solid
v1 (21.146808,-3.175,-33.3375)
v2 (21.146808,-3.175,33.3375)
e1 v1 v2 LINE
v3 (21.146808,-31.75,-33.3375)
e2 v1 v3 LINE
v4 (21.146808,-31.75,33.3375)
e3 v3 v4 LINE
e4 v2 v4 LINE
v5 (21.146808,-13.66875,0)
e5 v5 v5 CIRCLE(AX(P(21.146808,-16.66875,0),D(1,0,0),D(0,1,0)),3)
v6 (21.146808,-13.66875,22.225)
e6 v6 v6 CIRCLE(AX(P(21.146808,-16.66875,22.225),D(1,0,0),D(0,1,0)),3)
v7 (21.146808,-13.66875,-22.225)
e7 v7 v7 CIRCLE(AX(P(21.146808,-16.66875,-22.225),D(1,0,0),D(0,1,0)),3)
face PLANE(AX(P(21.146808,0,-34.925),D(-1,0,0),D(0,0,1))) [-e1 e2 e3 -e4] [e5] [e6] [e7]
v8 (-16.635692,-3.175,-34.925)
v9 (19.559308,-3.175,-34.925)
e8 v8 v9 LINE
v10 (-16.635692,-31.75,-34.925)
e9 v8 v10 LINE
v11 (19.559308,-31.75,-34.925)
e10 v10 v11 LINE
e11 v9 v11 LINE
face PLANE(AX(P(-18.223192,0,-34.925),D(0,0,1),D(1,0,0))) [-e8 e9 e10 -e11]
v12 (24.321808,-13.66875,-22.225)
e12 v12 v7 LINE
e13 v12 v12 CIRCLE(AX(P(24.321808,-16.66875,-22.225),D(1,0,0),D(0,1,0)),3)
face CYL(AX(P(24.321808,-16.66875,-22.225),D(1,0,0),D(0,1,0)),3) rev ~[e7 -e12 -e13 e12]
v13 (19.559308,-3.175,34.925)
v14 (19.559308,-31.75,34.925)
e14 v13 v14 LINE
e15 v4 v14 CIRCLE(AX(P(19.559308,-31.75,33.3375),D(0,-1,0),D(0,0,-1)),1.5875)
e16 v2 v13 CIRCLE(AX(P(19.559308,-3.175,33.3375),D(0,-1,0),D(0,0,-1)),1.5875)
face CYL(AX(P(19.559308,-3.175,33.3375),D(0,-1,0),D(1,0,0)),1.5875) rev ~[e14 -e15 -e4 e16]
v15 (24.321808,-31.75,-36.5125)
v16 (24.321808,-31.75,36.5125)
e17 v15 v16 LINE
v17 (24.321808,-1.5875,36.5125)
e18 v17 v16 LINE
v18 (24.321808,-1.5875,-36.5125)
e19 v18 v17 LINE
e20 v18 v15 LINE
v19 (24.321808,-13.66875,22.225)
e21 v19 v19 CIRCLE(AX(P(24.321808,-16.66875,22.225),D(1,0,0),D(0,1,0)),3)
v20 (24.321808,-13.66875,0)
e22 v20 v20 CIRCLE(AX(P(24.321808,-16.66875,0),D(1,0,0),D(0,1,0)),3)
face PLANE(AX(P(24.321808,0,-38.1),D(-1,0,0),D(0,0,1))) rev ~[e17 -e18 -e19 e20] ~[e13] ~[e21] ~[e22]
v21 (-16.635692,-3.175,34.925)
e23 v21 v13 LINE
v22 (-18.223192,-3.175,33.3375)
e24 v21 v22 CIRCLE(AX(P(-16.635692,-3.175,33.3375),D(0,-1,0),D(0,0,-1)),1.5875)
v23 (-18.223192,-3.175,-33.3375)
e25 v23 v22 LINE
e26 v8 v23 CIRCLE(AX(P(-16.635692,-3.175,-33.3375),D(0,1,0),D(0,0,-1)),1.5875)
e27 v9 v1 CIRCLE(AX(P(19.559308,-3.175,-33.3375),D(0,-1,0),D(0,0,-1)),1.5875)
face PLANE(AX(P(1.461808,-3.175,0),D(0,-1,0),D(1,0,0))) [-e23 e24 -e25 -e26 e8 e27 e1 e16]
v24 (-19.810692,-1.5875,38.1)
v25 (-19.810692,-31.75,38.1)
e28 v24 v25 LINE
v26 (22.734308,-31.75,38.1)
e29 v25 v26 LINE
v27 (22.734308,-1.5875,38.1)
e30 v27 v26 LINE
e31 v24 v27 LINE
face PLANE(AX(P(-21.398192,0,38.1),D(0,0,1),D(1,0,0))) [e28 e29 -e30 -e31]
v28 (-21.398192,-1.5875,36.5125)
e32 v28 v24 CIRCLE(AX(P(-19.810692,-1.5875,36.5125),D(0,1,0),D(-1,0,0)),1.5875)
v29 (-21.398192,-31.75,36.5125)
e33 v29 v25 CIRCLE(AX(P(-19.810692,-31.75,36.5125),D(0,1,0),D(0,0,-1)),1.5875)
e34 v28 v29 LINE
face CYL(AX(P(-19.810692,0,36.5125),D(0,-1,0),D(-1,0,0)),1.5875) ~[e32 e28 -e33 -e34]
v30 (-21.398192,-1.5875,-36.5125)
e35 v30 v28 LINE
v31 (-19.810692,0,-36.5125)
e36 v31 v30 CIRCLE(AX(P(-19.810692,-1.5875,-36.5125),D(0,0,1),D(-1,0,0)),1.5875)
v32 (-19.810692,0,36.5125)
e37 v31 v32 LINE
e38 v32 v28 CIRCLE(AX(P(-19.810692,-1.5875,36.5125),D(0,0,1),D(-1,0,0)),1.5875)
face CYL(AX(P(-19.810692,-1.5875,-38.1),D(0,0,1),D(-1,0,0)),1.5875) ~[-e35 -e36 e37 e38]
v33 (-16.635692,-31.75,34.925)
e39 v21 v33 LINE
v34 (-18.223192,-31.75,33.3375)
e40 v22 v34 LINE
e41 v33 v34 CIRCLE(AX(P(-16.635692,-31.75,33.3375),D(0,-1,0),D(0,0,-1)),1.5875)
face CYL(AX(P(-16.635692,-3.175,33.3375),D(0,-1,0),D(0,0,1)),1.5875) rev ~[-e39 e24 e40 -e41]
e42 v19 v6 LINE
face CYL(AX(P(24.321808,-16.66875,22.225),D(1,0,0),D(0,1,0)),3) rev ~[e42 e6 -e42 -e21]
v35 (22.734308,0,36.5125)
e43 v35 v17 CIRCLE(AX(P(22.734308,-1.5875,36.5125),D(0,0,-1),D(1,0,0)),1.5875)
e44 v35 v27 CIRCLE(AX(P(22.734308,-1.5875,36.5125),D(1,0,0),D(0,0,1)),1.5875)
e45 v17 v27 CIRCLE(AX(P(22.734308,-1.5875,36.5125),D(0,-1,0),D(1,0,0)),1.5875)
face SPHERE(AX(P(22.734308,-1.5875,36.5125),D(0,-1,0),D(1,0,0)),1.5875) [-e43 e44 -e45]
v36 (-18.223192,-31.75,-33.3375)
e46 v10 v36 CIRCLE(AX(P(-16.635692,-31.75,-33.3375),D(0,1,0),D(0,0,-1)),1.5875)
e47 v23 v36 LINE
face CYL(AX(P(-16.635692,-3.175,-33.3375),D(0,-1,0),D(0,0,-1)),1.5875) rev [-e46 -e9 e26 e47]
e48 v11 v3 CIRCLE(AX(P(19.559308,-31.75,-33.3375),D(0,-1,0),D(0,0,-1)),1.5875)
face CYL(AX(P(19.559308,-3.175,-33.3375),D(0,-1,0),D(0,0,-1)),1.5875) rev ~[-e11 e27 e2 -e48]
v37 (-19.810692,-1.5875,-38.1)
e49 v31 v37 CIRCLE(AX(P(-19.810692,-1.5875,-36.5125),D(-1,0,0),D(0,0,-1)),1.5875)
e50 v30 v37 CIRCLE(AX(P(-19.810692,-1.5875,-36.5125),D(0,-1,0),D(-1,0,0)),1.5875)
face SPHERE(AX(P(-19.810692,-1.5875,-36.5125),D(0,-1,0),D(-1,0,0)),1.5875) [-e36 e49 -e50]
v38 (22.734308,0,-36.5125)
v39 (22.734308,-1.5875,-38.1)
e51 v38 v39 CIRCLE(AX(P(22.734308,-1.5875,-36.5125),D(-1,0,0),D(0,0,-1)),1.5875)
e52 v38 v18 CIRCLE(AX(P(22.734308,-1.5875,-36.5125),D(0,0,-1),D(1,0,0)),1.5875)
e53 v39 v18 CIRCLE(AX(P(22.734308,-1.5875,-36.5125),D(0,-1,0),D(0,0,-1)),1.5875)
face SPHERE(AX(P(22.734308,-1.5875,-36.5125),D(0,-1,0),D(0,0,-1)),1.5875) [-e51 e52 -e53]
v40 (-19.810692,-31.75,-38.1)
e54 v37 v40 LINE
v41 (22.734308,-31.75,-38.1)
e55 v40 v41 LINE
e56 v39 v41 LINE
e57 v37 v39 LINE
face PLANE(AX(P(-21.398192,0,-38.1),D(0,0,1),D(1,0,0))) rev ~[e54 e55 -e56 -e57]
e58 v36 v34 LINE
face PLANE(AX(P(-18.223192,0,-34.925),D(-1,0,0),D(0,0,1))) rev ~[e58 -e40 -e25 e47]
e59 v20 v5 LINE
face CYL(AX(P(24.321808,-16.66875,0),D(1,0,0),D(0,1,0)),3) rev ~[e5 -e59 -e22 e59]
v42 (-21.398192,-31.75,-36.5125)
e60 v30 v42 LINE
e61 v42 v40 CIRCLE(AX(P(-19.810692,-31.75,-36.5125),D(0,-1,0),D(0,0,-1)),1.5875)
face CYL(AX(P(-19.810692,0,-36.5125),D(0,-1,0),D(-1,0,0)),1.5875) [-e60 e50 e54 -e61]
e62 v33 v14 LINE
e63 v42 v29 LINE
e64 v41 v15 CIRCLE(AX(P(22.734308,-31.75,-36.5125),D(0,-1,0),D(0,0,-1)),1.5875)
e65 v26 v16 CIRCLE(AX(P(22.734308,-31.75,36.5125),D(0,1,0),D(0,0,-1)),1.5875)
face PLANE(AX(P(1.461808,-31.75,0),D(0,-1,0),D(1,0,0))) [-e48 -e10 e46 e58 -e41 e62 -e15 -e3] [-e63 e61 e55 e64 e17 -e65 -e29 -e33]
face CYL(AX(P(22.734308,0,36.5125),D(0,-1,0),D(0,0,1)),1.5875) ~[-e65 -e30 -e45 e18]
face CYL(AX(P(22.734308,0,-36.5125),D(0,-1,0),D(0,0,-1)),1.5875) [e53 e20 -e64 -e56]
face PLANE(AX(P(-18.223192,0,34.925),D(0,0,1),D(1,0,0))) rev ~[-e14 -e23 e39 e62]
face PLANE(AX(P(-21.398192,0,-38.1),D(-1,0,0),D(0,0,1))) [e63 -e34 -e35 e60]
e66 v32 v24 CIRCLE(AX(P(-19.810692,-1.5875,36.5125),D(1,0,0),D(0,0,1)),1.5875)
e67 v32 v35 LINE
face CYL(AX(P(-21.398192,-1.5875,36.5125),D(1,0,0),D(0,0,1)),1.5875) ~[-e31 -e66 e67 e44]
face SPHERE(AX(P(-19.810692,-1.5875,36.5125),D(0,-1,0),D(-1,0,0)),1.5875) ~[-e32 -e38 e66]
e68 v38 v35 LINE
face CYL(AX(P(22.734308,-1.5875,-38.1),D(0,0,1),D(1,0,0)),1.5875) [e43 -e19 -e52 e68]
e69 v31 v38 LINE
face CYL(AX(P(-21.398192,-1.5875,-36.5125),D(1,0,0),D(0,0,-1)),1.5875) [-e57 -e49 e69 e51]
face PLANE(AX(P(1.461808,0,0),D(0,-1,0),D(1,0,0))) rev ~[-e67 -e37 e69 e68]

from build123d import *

# Parameters (mm, degrees)
F0_W     = 45.72
F0_H     = 76.2
F0_W_2   = 39.37
F0_H_2   = 69.85
F1_DEPTH = 31.75
F2_R     = 1.5875
F4_DEPTH = 3.175
F5_R     = 1.5875
F3_R     = 3
F6_DEPTH = 3.175


with BuildPart() as f1:
    # F0 (on Front) → F1 (new body)
    with BuildSketch(Plane.XZ):
        with Locations((1.461808, 0)):
            Rectangle(F0_W, F0_H)
        with Locations((1.461808, 0)):
            Rectangle(F0_W_2, F0_H_2, mode=Mode.SUBTRACT)
    extrude(amount=F1_DEPTH)

    # F2
    f2_edges = [f1.edges().sort_by_distance(p)[0] for p in [
        (24.321808, -15.875, -38.1),
        (24.321808, -15.875, 38.1),
        (-21.398192, -15.875, 38.1),
        (-21.398192, -15.875, -38.1),
        (-21.398192, 0, 0),
        (1.461808, 0, -38.1),
        (24.321808, 0, 0),
        (1.461808, 0, 38.1),
    ]]
    fillet(f2_edges, radius=F2_R)

    # F0 (on Front) → F4 (join)
    with BuildSketch(Plane.XZ):
        with Locations((1.461808, 0)):
            Rectangle(F0_W_2, F0_H_2)
    extrude(amount=F4_DEPTH)

    # F5
    f5_edges = [f1.edges().sort_by_distance(p)[0] for p in [
        (-18.223192, -17.4625, -34.925),
        (-18.223192, -17.4625, 34.925),
        (21.146808, -17.4625, -34.925),
        (21.146808, -17.4625, 34.925),
    ]]
    fillet(f5_edges, radius=F5_R)

    # F3 (on face) → F6 (cut, through all)
    with BuildSketch(Plane.YZ.offset(24.321808)):
        with Locations((-16.66875, -22.225)):
            Circle(F3_R)
        with Locations((-16.66875, 0)):
            Circle(F3_R)
        with Locations((-16.66875, 22.225)):
            Circle(F3_R)
    extrude(amount=-F6_DEPTH, mode=Mode.SUBTRACT)


solid = f1.part
